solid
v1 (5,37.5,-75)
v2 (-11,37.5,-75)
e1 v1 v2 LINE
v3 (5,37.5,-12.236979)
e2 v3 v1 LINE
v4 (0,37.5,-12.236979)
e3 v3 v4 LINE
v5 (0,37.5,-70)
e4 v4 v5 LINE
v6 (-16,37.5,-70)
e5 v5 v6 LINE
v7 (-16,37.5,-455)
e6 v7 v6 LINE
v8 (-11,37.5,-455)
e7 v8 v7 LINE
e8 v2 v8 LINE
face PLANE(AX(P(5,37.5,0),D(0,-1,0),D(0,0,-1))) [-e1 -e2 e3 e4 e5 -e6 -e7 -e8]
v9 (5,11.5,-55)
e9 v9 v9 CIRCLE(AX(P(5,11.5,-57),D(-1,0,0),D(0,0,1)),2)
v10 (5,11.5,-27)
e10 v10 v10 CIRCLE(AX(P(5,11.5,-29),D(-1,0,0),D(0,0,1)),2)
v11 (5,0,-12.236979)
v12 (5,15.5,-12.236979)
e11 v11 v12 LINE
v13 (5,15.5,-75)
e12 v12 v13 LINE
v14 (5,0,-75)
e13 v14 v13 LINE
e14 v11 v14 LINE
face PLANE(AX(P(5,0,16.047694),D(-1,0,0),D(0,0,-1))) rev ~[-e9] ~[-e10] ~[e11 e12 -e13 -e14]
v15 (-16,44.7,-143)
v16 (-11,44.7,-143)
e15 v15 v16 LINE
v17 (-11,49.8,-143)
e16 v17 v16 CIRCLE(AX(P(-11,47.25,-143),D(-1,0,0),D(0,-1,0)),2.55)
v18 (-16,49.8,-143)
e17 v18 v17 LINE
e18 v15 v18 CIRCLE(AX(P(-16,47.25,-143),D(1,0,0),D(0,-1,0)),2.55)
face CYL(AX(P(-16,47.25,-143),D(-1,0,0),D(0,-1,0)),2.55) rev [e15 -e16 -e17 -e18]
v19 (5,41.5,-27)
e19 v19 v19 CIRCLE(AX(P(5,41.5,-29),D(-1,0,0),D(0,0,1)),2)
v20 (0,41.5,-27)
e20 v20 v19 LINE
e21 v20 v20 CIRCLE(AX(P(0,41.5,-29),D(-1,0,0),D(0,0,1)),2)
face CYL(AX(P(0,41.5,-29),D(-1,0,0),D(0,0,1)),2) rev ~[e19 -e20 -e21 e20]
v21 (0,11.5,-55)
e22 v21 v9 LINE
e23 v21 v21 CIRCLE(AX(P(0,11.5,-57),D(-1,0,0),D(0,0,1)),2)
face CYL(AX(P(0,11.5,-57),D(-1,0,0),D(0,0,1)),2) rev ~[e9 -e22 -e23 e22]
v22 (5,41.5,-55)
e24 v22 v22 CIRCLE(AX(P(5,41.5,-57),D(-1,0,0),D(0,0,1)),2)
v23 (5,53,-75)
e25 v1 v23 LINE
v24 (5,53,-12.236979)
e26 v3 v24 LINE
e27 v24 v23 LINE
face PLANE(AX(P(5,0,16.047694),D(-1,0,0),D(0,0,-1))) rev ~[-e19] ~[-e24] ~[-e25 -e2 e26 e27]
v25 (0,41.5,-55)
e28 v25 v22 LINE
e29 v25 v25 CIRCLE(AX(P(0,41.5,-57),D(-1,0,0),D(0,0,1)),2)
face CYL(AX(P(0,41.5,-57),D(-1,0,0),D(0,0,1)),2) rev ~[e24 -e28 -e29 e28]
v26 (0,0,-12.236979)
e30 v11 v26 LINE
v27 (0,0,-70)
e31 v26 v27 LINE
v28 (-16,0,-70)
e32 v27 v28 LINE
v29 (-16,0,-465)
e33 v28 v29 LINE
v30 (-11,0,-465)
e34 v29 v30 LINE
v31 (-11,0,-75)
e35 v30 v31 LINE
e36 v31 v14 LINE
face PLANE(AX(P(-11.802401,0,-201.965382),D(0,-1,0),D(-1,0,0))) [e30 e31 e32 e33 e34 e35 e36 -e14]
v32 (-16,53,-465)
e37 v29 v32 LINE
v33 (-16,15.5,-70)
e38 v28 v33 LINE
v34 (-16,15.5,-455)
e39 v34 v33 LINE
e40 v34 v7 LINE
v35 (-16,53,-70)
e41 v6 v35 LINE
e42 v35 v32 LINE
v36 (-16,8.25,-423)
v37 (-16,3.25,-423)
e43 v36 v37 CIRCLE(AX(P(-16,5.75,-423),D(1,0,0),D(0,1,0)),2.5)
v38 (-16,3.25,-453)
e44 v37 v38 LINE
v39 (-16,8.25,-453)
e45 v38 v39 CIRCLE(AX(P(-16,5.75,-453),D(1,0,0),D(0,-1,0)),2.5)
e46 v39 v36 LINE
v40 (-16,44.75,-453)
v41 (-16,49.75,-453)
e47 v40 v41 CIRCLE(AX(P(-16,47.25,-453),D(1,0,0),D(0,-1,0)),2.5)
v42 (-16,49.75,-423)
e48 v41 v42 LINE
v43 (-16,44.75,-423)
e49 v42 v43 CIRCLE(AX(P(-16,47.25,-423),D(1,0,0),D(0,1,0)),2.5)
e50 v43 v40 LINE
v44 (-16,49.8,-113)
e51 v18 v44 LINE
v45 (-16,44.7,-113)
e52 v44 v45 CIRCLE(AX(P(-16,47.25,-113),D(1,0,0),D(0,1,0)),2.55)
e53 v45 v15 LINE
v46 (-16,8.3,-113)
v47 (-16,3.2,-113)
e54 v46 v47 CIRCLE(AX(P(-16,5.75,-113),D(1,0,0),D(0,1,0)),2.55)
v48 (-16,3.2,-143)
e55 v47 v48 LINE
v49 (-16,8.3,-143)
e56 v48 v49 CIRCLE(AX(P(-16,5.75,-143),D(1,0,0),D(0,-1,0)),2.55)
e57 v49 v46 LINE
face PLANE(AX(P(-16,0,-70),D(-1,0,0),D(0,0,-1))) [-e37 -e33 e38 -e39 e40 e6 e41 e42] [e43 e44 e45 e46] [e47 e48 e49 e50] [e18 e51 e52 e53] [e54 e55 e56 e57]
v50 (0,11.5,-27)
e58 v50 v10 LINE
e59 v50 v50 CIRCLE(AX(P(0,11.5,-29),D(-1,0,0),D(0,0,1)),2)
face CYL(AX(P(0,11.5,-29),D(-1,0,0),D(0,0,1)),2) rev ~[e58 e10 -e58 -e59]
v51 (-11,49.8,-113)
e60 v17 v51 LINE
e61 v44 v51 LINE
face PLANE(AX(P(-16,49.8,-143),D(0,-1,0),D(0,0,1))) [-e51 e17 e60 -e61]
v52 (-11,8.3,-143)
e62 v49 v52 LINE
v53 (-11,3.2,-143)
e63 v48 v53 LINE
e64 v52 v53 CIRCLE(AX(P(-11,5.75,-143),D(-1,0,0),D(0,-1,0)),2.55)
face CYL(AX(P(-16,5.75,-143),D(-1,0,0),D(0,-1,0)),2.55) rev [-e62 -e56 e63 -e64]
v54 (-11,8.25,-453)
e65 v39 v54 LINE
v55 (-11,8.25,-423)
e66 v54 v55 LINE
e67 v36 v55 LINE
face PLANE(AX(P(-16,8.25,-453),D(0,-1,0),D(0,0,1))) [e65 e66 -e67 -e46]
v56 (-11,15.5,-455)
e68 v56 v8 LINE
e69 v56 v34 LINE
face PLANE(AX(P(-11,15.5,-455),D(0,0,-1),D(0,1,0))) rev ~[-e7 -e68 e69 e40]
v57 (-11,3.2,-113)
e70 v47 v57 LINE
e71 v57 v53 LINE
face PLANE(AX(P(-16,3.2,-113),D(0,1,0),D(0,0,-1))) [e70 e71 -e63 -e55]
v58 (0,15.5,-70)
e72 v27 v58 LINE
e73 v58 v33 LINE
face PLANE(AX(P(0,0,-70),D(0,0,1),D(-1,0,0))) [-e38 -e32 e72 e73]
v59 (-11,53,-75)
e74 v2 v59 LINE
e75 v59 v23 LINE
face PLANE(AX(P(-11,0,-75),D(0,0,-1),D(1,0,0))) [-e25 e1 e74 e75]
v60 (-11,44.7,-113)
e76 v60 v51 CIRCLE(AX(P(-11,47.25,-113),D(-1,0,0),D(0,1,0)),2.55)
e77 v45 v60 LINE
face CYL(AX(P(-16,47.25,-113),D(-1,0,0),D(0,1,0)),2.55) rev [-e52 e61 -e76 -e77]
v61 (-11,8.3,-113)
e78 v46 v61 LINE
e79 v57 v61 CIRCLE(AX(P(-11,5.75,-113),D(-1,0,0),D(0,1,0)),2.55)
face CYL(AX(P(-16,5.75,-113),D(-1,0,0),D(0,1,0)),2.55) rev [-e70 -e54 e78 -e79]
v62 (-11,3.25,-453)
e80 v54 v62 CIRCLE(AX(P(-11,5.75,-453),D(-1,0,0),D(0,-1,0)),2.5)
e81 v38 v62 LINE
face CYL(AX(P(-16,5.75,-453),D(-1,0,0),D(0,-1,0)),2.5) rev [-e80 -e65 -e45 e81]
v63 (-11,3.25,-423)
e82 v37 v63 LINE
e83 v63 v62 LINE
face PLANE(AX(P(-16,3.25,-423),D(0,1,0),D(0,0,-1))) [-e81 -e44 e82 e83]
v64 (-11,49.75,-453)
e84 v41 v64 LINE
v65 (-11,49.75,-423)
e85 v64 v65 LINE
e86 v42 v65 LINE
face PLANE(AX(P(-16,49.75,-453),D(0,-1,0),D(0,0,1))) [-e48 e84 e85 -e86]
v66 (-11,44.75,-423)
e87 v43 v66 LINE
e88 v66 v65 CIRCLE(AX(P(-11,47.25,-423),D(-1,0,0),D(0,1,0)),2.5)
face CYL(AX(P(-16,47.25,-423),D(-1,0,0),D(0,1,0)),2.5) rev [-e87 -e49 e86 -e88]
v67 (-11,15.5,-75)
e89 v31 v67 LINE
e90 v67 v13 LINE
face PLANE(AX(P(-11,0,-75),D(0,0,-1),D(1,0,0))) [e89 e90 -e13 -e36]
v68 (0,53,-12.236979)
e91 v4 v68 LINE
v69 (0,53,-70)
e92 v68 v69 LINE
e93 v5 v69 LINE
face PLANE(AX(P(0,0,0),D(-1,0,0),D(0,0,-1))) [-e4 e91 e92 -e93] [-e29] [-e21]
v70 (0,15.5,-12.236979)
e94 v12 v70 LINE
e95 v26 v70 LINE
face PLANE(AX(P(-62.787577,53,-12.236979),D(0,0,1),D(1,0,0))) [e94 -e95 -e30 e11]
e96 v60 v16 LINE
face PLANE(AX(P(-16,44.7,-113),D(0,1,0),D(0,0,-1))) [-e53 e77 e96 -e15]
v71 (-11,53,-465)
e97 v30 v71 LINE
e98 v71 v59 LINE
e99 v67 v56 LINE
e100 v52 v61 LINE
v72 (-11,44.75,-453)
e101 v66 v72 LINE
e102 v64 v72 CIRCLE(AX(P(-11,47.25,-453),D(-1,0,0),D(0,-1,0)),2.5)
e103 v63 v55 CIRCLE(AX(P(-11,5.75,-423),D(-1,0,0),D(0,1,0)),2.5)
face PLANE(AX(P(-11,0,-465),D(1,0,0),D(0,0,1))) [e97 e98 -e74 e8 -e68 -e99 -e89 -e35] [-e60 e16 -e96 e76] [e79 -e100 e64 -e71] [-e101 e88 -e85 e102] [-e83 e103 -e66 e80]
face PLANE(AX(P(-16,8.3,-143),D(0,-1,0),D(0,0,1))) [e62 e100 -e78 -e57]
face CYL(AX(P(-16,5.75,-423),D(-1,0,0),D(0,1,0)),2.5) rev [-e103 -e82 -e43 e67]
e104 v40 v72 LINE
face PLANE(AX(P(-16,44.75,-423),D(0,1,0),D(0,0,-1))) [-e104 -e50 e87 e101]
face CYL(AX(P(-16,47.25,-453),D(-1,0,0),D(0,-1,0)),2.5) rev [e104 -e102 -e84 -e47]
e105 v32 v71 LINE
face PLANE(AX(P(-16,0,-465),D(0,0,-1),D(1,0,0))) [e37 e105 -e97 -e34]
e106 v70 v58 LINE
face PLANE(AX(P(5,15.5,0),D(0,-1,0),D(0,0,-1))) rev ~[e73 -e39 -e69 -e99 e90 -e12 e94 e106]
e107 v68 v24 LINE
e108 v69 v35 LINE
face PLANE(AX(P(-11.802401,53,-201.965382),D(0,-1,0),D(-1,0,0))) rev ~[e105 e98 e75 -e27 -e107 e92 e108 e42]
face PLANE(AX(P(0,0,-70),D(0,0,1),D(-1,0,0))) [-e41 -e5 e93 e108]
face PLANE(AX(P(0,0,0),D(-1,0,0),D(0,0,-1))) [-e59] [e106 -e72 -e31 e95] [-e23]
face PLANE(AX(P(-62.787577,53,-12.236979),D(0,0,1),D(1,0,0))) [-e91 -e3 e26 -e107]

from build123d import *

# Parameters (mm, degrees)
EXTRUDE_1_DEPTH     = 53
CUT_EXTRUDE_2_REACH = 472.389
SKETCH_2_W          = 75
SKETCH_2_H          = 22
CUT_EXTRUDE_5_REACH = 471.913
SKETCH_4_R          = 2
CUT_EXTRUDE_6_REACH = 471.052
SKETCH_3_W          = 380
SKETCH_3_H          = 22
CUT_EXTRUDE_7_REACH = 470.746
SKETCH_6_W          = 93.868990514
SKETCH_6_H          = 40.944884918
CUT_EXTRUDE_8_DEPTH = 470.912954074


with BuildPart() as part:
    # 草图1 → 凸台-拉伸1 (new body)
    with BuildSketch(Plane(origin=(0, 0, 0), x_dir=(1, 0, 0), z_dir=(0, 1, 0))):
        Polygon((0, 0), (0, 70), (-16, 70), (-16, 465), (-11, 465), (-11, 75), (5, 75), (5, 0), (5, -16.047693785), (-42.239607079, -16.047693785), (-42.239607079, 0), align=None)
    extrude(amount=EXTRUDE_1_DEPTH)

    # 草图2 → 切除-拉伸2 (cut, up to next)
    with BuildSketch(Plane(origin=(5, 0, 0), x_dir=(0, 0, -1), z_dir=(1, 0, 0)), mode=Mode.PRIVATE) as cut_extrude_2_sk1:
        with Locations((37.5, 26.5)):
            Rectangle(SKETCH_2_W, SKETCH_2_H)
    cut_extrude_2_tool1 = extrude(cut_extrude_2_sk1.sketch, amount=-CUT_EXTRUDE_2_REACH, mode=Mode.PRIVATE) & part.part
    add(cut_extrude_2_tool1.solids().sort_by_distance((5, 26.5, -37.5))[0], mode=Mode.SUBTRACT)

    # 草图4 → 切除-拉伸5 (cut, up to next)
    with BuildSketch(Plane.ZY, mode=Mode.PRIVATE) as cut_extrude_5_sk1:
        with Locations((-57, 11.5)):
            Circle(SKETCH_4_R)
    cut_extrude_5_tool1 = extrude(cut_extrude_5_sk1.sketch, amount=-CUT_EXTRUDE_5_REACH, mode=Mode.PRIVATE) & part.part
    # 草图4 → 切除-拉伸5 (cut, up to next)
    with BuildSketch(Plane.ZY, mode=Mode.PRIVATE) as cut_extrude_5_sk2:
        with Locations((-57, 41.5)):
            Circle(SKETCH_4_R)
    cut_extrude_5_tool2 = extrude(cut_extrude_5_sk2.sketch, amount=-CUT_EXTRUDE_5_REACH, mode=Mode.PRIVATE) & part.part
    # 草图4 → 切除-拉伸5 (cut, up to next)
    with BuildSketch(Plane.ZY, mode=Mode.PRIVATE) as cut_extrude_5_sk3:
        with Locations((-29, 11.5)):
            Circle(SKETCH_4_R)
    cut_extrude_5_tool3 = extrude(cut_extrude_5_sk3.sketch, amount=-CUT_EXTRUDE_5_REACH, mode=Mode.PRIVATE) & part.part
    # 草图4 → 切除-拉伸5 (cut, up to next)
    with BuildSketch(Plane.ZY, mode=Mode.PRIVATE) as cut_extrude_5_sk4:
        with Locations((-29, 41.5)):
            Circle(SKETCH_4_R)
    cut_extrude_5_tool4 = extrude(cut_extrude_5_sk4.sketch, amount=-CUT_EXTRUDE_5_REACH, mode=Mode.PRIVATE) & part.part
    add(cut_extrude_5_tool1.solids().sort_by_distance((0, 11.5, -57))[0], mode=Mode.SUBTRACT)
    add(cut_extrude_5_tool2.solids().sort_by_distance((0, 41.5, -57))[0], mode=Mode.SUBTRACT)
    add(cut_extrude_5_tool3.solids().sort_by_distance((0, 11.5, -29))[0], mode=Mode.SUBTRACT)
    add(cut_extrude_5_tool4.solids().sort_by_distance((0, 41.5, -29))[0], mode=Mode.SUBTRACT)

    # 草图3 → 切除-拉伸6 (cut, up to next)
    with BuildSketch(Plane(origin=(-11, 0, 0), x_dir=(0, 0, -1), z_dir=(1, 0, 0)), mode=Mode.PRIVATE) as cut_extrude_6_sk1:
        with Locations((265, 26.5)):
            Rectangle(SKETCH_3_W, SKETCH_3_H)
    cut_extrude_6_tool1 = extrude(cut_extrude_6_sk1.sketch, amount=-CUT_EXTRUDE_6_REACH, mode=Mode.PRIVATE) & part.part
    add(cut_extrude_6_tool1.solids().sort_by_distance((-11, 26.5, -265))[0], mode=Mode.SUBTRACT)

    # 草图5 → 切除-拉伸7 (cut, up to next)
    with BuildSketch(Plane.ZY.offset(16), mode=Mode.PRIVATE) as cut_extrude_7_sk1:
        with BuildLine():
            Line((-143, 8.3), (-113, 8.3))
            ThreePointArc((-113, 8.3), (-110.45, 5.75), (-113, 3.2))
            Line((-113, 3.2), (-143, 3.2))
            ThreePointArc((-143, 3.2), (-145.55, 5.75), (-143, 8.3))
        make_face()
    cut_extrude_7_tool1 = extrude(cut_extrude_7_sk1.sketch, amount=-CUT_EXTRUDE_7_REACH, mode=Mode.PRIVATE) & part.part
    # 草图5 → 切除-拉伸7 (cut, up to next)
    with BuildSketch(Plane.ZY.offset(16), mode=Mode.PRIVATE) as cut_extrude_7_sk2:
        with BuildLine():
            Line((-143, 49.8), (-113, 49.8))
            ThreePointArc((-113, 49.8), (-110.45, 47.25), (-113, 44.7))
            Line((-113, 44.7), (-143, 44.7))
            ThreePointArc((-143, 44.7), (-145.55, 47.25), (-143, 49.8))
        make_face()
    cut_extrude_7_tool2 = extrude(cut_extrude_7_sk2.sketch, amount=-CUT_EXTRUDE_7_REACH, mode=Mode.PRIVATE) & part.part
    # 草图5 → 切除-拉伸7 (cut, up to next)
    with BuildSketch(Plane.ZY.offset(16), mode=Mode.PRIVATE) as cut_extrude_7_sk3:
        with BuildLine():
            Line((-423, 3.25), (-453, 3.25))
            ThreePointArc((-453, 3.25), (-455.5, 5.75), (-453, 8.25))
            Line((-453, 8.25), (-423, 8.25))
            ThreePointArc((-423, 8.25), (-420.5, 5.75), (-423, 3.25))
        make_face()
    cut_extrude_7_tool3 = extrude(cut_extrude_7_sk3.sketch, amount=-CUT_EXTRUDE_7_REACH, mode=Mode.PRIVATE) & part.part
    # 草图5 → 切除-拉伸7 (cut, up to next)
    with BuildSketch(Plane.ZY.offset(16), mode=Mode.PRIVATE) as cut_extrude_7_sk4:
        with BuildLine():
            Line((-423, 44.75), (-453, 44.75))
            ThreePointArc((-453, 44.75), (-455.5, 47.25), (-453, 49.75))
            Line((-453, 49.75), (-423, 49.75))
            ThreePointArc((-423, 49.75), (-420.5, 47.25), (-423, 44.75))
        make_face()
    cut_extrude_7_tool4 = extrude(cut_extrude_7_sk4.sketch, amount=-CUT_EXTRUDE_7_REACH, mode=Mode.PRIVATE) & part.part
    add(cut_extrude_7_tool1.solids().sort_by_distance((-16, 5.75, -128))[0], mode=Mode.SUBTRACT)
    add(cut_extrude_7_tool2.solids().sort_by_distance((-16, 47.25, -128))[0], mode=Mode.SUBTRACT)
    add(cut_extrude_7_tool3.solids().sort_by_distance((-16, 5.75, -438))[0], mode=Mode.SUBTRACT)
    add(cut_extrude_7_tool4.solids().sort_by_distance((-16, 47.25, -438))[0], mode=Mode.SUBTRACT)

    # 草图6 → 切除-拉伸8 (cut, through all)
    with BuildSketch(Plane(origin=(0, 53, 0), x_dir=(1, 0, 0), z_dir=(0, 1, 0))):
        with Locations((-15.853082152, -8.235463886)):
            Rectangle(SKETCH_6_W, SKETCH_6_H)
    extrude(amount=-CUT_EXTRUDE_8_DEPTH, mode=Mode.SUBTRACT)


solid = part.part
